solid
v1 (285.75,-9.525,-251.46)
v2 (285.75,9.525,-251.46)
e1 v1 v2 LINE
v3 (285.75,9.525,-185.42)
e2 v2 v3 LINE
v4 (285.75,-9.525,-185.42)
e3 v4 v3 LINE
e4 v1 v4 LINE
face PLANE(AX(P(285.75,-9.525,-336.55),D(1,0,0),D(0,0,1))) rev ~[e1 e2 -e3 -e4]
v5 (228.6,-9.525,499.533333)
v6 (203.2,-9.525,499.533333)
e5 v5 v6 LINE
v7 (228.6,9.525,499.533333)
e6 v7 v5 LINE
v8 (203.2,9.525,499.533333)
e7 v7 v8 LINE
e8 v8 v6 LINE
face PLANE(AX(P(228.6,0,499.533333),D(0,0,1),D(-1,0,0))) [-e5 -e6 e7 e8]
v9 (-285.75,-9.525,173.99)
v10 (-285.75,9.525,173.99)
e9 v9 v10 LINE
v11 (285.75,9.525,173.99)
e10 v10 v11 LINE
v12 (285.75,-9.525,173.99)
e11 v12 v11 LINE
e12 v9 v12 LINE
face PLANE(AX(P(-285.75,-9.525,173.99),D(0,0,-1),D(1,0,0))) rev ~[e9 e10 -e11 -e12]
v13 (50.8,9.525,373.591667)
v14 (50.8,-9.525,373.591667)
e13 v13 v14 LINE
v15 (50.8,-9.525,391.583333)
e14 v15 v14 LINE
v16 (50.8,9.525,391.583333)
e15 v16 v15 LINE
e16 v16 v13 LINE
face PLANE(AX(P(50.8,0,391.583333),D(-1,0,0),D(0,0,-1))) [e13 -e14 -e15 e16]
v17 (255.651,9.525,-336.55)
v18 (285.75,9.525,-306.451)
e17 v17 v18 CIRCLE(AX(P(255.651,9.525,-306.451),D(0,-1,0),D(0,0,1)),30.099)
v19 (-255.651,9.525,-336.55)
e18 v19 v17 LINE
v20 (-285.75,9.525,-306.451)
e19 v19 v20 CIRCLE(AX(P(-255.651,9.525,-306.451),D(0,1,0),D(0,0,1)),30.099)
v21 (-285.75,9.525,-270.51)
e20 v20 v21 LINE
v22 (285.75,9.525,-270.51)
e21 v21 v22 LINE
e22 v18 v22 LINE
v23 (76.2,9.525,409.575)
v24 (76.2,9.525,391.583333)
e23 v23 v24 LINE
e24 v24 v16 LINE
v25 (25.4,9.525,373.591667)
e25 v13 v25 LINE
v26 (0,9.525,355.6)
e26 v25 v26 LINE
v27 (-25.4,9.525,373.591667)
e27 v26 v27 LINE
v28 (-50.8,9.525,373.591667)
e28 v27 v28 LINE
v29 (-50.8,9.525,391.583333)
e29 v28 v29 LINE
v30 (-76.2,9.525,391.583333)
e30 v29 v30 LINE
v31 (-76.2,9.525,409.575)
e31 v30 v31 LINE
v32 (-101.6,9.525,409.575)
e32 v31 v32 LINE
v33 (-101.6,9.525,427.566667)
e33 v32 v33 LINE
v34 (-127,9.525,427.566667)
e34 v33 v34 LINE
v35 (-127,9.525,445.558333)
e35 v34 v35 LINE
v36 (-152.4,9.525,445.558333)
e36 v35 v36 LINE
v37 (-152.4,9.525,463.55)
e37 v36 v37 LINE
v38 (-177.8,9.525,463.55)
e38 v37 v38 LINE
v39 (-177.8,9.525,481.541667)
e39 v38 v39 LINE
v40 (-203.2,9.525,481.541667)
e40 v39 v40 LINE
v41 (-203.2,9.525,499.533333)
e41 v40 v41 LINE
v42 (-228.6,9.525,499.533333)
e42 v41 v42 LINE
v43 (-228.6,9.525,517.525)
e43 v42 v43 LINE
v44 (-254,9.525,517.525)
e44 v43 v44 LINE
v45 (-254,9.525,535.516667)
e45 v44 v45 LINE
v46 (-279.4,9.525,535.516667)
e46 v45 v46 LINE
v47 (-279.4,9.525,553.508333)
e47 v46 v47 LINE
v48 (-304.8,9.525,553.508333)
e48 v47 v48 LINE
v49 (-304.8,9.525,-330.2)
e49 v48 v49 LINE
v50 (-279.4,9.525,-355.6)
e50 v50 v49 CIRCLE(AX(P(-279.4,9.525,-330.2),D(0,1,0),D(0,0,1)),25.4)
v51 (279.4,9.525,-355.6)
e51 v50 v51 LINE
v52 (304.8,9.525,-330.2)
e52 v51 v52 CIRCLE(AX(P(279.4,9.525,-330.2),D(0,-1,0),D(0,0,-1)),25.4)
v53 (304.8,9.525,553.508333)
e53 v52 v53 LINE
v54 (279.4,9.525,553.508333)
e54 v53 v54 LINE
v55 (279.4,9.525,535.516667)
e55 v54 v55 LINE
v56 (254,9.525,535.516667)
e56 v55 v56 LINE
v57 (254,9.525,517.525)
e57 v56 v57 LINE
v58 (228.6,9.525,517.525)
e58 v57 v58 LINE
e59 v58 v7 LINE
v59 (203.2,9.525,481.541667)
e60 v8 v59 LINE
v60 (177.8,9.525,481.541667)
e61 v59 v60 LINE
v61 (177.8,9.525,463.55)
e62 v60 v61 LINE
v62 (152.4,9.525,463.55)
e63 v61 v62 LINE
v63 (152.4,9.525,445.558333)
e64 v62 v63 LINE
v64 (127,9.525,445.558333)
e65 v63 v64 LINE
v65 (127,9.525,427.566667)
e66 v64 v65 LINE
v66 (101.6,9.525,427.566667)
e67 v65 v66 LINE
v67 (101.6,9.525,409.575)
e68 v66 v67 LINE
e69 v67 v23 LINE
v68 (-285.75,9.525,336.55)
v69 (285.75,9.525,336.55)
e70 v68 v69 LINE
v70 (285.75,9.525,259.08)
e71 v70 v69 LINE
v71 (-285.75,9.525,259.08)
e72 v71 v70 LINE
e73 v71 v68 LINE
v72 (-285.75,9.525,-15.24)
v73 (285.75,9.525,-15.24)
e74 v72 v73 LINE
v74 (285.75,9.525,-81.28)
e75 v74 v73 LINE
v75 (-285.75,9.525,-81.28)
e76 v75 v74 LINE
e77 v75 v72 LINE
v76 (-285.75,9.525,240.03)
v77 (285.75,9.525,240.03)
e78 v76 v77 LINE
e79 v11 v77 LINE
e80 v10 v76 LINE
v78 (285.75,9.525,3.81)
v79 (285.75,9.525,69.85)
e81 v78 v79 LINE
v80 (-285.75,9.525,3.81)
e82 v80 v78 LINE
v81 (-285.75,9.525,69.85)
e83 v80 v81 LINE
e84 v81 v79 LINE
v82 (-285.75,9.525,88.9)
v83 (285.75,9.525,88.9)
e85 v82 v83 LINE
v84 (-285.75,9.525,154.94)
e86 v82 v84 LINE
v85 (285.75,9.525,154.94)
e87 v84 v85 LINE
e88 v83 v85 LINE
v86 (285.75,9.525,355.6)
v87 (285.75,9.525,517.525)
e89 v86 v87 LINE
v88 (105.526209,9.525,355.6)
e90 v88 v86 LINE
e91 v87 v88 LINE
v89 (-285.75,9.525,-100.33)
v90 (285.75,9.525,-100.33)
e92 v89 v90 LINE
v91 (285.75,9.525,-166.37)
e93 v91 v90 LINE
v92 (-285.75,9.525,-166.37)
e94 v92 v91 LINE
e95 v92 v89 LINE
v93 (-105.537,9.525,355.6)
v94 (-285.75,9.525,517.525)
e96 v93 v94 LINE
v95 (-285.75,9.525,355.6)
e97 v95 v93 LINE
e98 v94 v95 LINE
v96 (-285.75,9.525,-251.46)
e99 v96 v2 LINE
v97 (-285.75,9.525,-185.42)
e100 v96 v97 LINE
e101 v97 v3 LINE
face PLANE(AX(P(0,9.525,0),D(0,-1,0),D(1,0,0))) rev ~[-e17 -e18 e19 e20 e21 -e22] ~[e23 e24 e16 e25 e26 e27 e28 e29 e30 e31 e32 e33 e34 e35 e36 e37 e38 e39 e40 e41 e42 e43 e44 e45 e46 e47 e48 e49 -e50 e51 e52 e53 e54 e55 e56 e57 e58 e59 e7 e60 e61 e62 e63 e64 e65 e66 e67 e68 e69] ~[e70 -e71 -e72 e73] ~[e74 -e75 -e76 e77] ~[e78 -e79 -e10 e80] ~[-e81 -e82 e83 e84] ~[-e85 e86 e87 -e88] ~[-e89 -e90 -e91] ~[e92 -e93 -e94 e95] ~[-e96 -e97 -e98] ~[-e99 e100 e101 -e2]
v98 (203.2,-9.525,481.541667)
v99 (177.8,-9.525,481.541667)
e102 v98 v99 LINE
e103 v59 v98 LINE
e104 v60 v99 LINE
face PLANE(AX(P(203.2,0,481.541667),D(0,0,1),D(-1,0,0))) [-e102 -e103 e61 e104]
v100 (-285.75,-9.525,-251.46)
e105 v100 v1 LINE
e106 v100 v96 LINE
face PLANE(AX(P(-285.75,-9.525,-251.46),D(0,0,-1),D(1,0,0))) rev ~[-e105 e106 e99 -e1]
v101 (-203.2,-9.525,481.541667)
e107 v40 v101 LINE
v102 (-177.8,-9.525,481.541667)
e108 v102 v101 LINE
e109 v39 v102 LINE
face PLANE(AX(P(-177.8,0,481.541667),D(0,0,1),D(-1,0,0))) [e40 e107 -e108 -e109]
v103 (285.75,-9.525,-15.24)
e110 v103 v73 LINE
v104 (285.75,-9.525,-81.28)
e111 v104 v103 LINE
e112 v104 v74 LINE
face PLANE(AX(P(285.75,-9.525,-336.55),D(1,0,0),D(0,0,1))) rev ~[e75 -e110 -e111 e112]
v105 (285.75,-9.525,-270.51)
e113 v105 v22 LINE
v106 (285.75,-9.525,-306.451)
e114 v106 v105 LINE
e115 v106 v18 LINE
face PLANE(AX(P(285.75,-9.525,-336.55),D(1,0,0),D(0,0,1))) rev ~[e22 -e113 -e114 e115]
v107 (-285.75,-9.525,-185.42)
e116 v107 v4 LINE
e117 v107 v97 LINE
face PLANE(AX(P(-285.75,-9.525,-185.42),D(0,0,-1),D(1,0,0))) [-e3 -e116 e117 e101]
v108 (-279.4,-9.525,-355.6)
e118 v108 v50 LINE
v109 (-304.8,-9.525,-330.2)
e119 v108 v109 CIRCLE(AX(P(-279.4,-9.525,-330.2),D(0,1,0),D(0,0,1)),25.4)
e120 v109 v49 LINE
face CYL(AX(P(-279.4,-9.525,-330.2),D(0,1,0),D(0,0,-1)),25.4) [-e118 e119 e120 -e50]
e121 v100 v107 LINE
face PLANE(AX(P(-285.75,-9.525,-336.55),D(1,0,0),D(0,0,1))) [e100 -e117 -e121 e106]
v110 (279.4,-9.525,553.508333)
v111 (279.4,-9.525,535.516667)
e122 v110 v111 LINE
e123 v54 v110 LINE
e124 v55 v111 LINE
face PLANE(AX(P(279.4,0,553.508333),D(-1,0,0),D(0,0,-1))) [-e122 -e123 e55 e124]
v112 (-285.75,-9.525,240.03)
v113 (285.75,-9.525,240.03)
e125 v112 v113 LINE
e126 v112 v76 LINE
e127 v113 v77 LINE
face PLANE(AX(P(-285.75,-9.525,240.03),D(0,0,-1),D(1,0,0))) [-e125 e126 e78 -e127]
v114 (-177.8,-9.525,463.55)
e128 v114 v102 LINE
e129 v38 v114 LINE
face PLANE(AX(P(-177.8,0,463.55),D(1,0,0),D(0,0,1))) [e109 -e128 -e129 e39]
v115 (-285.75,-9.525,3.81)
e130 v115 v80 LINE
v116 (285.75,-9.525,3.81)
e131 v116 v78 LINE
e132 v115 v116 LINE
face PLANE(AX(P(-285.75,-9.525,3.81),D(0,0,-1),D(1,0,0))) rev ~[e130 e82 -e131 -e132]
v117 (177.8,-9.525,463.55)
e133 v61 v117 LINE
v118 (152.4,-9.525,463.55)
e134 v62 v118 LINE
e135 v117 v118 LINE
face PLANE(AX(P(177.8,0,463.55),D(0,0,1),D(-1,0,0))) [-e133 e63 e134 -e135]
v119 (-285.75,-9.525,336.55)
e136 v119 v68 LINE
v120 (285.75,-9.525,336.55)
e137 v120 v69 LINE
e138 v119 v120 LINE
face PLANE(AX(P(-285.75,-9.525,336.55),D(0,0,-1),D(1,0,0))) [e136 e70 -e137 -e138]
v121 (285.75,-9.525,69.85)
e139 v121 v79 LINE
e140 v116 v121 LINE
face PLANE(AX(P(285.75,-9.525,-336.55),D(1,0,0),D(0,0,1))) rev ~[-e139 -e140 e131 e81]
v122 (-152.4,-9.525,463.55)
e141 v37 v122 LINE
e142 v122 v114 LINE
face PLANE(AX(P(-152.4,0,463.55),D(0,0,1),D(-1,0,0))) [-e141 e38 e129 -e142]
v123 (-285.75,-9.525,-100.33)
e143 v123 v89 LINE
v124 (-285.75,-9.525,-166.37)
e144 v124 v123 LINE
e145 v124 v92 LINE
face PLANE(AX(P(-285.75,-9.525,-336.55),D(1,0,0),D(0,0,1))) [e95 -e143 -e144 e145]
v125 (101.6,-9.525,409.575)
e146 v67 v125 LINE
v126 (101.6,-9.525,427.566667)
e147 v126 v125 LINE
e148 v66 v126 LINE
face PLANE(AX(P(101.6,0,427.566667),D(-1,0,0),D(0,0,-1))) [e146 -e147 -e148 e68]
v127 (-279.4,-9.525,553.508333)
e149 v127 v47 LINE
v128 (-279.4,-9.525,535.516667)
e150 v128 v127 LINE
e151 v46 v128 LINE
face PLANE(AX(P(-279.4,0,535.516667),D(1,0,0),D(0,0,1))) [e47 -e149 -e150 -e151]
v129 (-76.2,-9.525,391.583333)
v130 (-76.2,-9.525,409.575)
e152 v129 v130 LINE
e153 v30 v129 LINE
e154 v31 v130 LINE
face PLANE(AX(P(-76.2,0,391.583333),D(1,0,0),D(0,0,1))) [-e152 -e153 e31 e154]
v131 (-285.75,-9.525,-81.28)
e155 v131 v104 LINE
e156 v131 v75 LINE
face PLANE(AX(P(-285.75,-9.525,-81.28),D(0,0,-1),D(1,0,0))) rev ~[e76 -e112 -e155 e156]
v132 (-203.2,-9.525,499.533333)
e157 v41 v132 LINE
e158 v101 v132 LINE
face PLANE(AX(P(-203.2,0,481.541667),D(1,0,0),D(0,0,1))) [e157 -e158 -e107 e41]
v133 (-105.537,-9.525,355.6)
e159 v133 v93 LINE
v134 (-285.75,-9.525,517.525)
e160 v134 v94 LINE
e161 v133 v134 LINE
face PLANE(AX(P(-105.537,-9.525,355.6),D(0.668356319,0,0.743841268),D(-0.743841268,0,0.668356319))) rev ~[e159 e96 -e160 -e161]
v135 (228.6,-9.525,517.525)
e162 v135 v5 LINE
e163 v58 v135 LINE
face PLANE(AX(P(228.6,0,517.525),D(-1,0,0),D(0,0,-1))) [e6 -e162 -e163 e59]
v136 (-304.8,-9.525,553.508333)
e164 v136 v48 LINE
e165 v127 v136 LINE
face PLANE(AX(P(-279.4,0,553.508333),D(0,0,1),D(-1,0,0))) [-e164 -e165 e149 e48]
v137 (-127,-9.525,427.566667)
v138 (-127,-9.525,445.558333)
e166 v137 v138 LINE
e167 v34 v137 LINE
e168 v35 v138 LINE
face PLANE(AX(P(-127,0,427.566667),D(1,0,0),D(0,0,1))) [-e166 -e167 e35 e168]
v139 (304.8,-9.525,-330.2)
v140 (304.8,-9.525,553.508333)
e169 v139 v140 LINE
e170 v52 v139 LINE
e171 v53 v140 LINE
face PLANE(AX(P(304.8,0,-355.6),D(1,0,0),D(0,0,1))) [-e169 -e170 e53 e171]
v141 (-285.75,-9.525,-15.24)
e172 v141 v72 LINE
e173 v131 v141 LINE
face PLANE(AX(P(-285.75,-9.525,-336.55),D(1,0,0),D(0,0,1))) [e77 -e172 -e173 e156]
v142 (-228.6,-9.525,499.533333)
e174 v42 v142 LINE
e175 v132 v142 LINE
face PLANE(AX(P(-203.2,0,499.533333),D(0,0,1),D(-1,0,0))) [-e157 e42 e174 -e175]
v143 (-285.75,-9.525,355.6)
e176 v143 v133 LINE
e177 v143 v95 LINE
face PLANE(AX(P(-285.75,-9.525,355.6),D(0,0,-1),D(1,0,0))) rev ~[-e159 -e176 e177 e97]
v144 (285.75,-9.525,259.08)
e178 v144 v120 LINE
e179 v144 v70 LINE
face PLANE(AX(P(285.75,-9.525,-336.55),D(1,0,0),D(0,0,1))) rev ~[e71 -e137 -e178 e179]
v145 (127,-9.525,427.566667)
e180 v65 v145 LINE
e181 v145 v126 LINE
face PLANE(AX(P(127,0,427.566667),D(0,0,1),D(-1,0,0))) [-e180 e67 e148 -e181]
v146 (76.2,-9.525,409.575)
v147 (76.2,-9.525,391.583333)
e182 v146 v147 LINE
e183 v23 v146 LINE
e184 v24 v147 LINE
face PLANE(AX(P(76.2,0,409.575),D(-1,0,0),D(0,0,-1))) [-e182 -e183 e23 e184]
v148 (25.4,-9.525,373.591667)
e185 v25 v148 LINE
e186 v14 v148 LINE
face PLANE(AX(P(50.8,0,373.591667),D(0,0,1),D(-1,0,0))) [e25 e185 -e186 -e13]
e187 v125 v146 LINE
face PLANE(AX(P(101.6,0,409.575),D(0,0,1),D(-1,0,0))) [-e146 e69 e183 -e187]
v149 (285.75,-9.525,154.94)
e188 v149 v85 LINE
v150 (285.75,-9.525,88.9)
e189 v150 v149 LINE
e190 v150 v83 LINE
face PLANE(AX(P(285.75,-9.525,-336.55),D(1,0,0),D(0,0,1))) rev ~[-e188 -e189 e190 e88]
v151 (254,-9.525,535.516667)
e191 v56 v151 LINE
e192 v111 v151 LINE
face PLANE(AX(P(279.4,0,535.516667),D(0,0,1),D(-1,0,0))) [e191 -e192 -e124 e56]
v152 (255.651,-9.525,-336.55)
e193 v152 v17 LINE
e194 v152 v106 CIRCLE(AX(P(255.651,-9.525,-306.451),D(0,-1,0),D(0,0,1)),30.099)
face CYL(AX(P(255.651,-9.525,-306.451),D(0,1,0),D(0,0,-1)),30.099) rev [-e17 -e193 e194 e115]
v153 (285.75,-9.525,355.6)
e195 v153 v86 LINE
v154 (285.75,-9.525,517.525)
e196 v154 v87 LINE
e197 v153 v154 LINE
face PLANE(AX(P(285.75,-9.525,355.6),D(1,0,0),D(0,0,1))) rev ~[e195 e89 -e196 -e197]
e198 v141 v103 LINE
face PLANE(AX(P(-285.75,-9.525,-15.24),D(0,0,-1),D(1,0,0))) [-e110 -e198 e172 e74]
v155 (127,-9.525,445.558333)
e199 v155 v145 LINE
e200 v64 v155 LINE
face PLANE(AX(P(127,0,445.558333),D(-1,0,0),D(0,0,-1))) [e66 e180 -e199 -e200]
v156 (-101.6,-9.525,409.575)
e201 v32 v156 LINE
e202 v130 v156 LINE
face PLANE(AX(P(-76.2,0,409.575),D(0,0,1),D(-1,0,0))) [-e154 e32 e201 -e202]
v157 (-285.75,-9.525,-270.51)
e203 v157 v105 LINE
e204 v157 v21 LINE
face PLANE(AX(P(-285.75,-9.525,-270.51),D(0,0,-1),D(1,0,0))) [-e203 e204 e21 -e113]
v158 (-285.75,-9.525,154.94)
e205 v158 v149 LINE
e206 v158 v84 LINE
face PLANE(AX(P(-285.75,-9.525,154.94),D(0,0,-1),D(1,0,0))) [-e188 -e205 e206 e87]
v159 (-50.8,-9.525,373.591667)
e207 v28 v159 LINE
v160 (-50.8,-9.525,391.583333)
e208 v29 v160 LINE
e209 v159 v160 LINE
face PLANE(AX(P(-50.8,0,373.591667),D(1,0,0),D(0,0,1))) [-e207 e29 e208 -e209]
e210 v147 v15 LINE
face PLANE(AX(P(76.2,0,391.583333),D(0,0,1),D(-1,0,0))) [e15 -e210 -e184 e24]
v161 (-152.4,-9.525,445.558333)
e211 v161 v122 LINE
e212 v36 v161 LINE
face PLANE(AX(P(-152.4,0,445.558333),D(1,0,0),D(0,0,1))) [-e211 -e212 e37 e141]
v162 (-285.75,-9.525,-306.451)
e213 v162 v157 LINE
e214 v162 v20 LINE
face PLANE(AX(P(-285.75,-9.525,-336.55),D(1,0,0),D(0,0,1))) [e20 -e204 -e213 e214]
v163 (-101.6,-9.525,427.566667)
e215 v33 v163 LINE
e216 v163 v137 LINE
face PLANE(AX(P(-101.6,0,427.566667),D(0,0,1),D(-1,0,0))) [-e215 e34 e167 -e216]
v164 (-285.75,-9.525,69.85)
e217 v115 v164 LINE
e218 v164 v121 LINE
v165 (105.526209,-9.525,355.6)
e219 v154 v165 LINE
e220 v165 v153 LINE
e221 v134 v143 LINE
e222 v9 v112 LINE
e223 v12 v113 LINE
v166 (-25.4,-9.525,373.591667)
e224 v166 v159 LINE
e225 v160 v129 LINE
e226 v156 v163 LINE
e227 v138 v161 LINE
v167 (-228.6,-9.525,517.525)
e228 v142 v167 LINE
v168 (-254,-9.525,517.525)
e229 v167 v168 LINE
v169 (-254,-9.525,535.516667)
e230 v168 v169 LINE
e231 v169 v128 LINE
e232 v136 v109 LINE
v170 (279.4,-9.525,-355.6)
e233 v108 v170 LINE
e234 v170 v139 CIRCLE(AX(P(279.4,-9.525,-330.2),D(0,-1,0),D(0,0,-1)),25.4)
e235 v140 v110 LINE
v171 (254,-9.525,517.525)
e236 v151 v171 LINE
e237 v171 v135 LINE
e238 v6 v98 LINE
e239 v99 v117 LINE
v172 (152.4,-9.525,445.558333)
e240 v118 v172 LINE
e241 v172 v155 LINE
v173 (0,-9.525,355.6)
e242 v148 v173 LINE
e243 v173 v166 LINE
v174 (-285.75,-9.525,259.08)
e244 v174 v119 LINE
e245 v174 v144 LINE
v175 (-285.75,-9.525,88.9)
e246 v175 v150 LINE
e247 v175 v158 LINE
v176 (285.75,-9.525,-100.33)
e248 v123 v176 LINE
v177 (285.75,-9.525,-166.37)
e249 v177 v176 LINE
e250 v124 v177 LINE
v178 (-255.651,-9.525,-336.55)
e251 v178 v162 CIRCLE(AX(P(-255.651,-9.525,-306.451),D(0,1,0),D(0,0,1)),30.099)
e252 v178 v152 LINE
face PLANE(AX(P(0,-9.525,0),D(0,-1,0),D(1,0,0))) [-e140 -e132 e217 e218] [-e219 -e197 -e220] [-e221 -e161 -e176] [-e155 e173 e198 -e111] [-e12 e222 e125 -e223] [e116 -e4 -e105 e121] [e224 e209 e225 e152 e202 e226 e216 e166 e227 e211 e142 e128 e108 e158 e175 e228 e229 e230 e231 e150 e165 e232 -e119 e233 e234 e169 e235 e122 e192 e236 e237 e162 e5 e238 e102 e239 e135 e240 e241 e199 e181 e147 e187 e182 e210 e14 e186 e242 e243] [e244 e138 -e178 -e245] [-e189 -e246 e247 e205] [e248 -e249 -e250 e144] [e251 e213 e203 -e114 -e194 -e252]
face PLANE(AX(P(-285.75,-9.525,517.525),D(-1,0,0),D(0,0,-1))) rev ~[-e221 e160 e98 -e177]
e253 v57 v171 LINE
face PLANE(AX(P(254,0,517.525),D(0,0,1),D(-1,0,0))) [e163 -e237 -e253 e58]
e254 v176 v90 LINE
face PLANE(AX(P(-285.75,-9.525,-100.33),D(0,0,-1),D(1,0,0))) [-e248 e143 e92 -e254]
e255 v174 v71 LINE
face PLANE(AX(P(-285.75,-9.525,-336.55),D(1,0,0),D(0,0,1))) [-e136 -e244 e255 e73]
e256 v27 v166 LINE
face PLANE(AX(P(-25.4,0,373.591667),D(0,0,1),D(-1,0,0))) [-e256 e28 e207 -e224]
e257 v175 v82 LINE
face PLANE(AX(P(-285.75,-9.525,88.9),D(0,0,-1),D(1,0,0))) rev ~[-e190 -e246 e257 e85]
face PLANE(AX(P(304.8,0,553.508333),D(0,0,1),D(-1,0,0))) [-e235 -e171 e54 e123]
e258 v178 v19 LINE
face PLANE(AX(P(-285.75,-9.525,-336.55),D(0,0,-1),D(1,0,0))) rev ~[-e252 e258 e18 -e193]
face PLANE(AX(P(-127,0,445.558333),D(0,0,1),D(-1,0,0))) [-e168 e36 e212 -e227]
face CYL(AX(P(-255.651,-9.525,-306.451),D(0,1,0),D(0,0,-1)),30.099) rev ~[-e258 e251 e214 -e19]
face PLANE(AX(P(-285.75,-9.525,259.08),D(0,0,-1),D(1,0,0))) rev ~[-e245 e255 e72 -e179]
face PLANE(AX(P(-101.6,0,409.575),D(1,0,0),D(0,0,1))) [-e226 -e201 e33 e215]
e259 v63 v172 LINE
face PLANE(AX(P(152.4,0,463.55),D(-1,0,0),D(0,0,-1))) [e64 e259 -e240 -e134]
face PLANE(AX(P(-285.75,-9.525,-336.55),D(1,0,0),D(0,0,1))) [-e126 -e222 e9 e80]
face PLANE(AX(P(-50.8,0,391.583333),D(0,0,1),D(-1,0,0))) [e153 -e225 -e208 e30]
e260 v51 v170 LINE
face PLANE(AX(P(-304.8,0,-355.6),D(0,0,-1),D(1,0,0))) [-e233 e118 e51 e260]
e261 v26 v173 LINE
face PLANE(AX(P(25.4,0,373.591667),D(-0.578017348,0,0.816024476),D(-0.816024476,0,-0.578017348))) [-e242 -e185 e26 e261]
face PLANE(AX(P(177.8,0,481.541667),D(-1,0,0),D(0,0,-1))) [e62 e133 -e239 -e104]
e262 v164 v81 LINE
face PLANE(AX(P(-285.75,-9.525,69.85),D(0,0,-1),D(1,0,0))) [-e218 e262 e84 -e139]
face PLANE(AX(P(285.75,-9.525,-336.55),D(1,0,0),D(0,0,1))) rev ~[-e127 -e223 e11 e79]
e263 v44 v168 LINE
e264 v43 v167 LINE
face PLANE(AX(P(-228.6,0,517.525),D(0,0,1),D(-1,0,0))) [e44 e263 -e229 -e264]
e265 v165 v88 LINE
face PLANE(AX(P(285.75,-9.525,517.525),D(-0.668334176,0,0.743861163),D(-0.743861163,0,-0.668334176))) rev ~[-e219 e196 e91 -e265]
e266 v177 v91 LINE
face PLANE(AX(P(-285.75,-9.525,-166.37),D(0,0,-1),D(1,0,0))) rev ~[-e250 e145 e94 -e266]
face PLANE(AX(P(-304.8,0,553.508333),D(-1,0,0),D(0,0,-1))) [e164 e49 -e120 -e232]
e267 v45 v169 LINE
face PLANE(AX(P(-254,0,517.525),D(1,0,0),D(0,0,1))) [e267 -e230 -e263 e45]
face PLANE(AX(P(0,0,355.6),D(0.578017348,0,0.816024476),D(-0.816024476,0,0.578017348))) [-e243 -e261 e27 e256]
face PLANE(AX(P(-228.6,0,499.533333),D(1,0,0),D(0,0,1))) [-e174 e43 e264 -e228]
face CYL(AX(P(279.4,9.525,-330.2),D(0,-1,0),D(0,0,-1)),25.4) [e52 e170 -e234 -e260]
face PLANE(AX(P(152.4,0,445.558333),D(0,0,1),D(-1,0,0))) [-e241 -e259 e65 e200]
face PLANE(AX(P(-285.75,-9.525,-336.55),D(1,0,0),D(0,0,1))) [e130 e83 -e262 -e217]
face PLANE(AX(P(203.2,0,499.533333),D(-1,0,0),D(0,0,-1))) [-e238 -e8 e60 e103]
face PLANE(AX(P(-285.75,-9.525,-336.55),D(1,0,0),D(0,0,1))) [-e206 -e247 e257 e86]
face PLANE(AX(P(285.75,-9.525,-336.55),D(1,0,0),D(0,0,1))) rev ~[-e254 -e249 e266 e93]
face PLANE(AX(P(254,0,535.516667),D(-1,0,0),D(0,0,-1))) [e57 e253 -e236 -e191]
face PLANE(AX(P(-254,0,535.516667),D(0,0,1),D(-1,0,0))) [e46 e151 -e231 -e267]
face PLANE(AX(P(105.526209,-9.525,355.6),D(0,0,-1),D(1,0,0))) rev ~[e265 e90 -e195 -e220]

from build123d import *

# Parameters (mm, degrees)
F1_DEPTH = 9.525
F2_R     = 25.4
F3_W     = 571.5
F3_H     = 673.1
F4_DEPTH = 19.051
F5_R     = 30.099
F7_DEPTH = 19.051
F8_W     = 571.5
F8_H     = 19.05
F9_DEPTH = 19.05


with BuildPart() as f1:
    # F0 (on Front) → F1 (new body, symmetric)
    with BuildSketch(Plane.XZ):
        Polygon((-304.8, 355.6), (-304.8, -355.6), (304.8, -355.6), (304.8, 355.6), (0, 355.6), align=None)
        Polygon((-304.8, 553.508333), (-304.8, 355.6), (0, 355.6), (-25.4, 373.591667), (-50.8, 373.591667), (-50.8, 391.583333), (-76.2, 391.583333), (-76.2, 409.575), (-101.6, 409.575), (-101.6, 427.566667), (-127, 427.566667), (-127, 445.558333), (-152.4, 445.558333), (-152.4, 463.55), (-177.8, 463.55), (-177.8, 481.541667), (-203.2, 481.541667), (-203.2, 499.533333), (-228.6, 499.533333), (-228.6, 517.525), (-254, 517.525), (-254, 535.516667), (-279.4, 535.516667), (-279.4, 553.508333), align=None)
        Polygon((0, 355.6), (304.8, 355.6), (304.8, 553.508333), (279.4, 553.508333), (279.4, 535.516667), (254, 535.516667), (254, 517.525), (228.6, 517.525), (228.6, 499.533333), (203.2, 499.533333), (203.2, 481.541667), (177.8, 481.541667), (177.8, 463.55), (152.4, 463.55), (152.4, 445.558333), (127, 445.558333), (127, 427.566667), (101.6, 427.566667), (101.6, 409.575), (76.2, 409.575), (76.2, 391.583333), (50.8, 391.583333), (50.8, 373.591667), (25.4, 373.591667), align=None)
    extrude(amount=F1_DEPTH, both=True)

    # F2
    f2_edges = [f1.edges().sort_by_distance(p)[0] for p in [
        (-304.8, 0, -355.6),
        (304.8, 0, -355.6),
    ]]
    fillet(f2_edges, radius=F2_R)

    # F3 (on face) → F4 (cut, through all)
    with BuildSketch(Plane.XZ.offset(9.525)):
        Rectangle(F3_W, F3_H)
    extrude(amount=-F4_DEPTH, mode=Mode.SUBTRACT)

    # F5
    f5_edges = [f1.edges().sort_by_distance(p)[0] for p in [
        (285.75, 0, -336.55),
        (-285.75, 0, -336.55),
    ]]
    fillet(f5_edges, radius=F5_R)

    # F6 (on face) → F7 (cut, through all)
    with BuildSketch(Plane.XZ.offset(9.525)):
        Polygon((-285.75, 355.6), (-105.537, 355.6), (-285.75, 517.525), align=None)
        Polygon((105.526209, 355.6), (285.75, 355.6), (285.75, 517.525), align=None)
    extrude(amount=-F7_DEPTH, mode=Mode.SUBTRACT)

    # F8 (on face) → F9 (join)
    with BuildSketch(Plane.XZ.offset(9.525)):
        with Locations((0, 164.465)):
            Rectangle(F8_W, F8_H)
        with Locations((0, 249.555)):
            Rectangle(F8_W, F8_H)
        with Locations((0, 79.375)):
            Rectangle(F8_W, F8_H)
        with Locations((0, -5.715)):
            Rectangle(F8_W, F8_H)
        with Locations((0, -90.805)):
            Rectangle(F8_W, F8_H)
        with Locations((0, -175.895)):
            Rectangle(F8_W, F8_H)
        with Locations((0, -260.985)):
            Rectangle(F8_W, F8_H)
    extrude(amount=-F9_DEPTH)


solid = f1.part
